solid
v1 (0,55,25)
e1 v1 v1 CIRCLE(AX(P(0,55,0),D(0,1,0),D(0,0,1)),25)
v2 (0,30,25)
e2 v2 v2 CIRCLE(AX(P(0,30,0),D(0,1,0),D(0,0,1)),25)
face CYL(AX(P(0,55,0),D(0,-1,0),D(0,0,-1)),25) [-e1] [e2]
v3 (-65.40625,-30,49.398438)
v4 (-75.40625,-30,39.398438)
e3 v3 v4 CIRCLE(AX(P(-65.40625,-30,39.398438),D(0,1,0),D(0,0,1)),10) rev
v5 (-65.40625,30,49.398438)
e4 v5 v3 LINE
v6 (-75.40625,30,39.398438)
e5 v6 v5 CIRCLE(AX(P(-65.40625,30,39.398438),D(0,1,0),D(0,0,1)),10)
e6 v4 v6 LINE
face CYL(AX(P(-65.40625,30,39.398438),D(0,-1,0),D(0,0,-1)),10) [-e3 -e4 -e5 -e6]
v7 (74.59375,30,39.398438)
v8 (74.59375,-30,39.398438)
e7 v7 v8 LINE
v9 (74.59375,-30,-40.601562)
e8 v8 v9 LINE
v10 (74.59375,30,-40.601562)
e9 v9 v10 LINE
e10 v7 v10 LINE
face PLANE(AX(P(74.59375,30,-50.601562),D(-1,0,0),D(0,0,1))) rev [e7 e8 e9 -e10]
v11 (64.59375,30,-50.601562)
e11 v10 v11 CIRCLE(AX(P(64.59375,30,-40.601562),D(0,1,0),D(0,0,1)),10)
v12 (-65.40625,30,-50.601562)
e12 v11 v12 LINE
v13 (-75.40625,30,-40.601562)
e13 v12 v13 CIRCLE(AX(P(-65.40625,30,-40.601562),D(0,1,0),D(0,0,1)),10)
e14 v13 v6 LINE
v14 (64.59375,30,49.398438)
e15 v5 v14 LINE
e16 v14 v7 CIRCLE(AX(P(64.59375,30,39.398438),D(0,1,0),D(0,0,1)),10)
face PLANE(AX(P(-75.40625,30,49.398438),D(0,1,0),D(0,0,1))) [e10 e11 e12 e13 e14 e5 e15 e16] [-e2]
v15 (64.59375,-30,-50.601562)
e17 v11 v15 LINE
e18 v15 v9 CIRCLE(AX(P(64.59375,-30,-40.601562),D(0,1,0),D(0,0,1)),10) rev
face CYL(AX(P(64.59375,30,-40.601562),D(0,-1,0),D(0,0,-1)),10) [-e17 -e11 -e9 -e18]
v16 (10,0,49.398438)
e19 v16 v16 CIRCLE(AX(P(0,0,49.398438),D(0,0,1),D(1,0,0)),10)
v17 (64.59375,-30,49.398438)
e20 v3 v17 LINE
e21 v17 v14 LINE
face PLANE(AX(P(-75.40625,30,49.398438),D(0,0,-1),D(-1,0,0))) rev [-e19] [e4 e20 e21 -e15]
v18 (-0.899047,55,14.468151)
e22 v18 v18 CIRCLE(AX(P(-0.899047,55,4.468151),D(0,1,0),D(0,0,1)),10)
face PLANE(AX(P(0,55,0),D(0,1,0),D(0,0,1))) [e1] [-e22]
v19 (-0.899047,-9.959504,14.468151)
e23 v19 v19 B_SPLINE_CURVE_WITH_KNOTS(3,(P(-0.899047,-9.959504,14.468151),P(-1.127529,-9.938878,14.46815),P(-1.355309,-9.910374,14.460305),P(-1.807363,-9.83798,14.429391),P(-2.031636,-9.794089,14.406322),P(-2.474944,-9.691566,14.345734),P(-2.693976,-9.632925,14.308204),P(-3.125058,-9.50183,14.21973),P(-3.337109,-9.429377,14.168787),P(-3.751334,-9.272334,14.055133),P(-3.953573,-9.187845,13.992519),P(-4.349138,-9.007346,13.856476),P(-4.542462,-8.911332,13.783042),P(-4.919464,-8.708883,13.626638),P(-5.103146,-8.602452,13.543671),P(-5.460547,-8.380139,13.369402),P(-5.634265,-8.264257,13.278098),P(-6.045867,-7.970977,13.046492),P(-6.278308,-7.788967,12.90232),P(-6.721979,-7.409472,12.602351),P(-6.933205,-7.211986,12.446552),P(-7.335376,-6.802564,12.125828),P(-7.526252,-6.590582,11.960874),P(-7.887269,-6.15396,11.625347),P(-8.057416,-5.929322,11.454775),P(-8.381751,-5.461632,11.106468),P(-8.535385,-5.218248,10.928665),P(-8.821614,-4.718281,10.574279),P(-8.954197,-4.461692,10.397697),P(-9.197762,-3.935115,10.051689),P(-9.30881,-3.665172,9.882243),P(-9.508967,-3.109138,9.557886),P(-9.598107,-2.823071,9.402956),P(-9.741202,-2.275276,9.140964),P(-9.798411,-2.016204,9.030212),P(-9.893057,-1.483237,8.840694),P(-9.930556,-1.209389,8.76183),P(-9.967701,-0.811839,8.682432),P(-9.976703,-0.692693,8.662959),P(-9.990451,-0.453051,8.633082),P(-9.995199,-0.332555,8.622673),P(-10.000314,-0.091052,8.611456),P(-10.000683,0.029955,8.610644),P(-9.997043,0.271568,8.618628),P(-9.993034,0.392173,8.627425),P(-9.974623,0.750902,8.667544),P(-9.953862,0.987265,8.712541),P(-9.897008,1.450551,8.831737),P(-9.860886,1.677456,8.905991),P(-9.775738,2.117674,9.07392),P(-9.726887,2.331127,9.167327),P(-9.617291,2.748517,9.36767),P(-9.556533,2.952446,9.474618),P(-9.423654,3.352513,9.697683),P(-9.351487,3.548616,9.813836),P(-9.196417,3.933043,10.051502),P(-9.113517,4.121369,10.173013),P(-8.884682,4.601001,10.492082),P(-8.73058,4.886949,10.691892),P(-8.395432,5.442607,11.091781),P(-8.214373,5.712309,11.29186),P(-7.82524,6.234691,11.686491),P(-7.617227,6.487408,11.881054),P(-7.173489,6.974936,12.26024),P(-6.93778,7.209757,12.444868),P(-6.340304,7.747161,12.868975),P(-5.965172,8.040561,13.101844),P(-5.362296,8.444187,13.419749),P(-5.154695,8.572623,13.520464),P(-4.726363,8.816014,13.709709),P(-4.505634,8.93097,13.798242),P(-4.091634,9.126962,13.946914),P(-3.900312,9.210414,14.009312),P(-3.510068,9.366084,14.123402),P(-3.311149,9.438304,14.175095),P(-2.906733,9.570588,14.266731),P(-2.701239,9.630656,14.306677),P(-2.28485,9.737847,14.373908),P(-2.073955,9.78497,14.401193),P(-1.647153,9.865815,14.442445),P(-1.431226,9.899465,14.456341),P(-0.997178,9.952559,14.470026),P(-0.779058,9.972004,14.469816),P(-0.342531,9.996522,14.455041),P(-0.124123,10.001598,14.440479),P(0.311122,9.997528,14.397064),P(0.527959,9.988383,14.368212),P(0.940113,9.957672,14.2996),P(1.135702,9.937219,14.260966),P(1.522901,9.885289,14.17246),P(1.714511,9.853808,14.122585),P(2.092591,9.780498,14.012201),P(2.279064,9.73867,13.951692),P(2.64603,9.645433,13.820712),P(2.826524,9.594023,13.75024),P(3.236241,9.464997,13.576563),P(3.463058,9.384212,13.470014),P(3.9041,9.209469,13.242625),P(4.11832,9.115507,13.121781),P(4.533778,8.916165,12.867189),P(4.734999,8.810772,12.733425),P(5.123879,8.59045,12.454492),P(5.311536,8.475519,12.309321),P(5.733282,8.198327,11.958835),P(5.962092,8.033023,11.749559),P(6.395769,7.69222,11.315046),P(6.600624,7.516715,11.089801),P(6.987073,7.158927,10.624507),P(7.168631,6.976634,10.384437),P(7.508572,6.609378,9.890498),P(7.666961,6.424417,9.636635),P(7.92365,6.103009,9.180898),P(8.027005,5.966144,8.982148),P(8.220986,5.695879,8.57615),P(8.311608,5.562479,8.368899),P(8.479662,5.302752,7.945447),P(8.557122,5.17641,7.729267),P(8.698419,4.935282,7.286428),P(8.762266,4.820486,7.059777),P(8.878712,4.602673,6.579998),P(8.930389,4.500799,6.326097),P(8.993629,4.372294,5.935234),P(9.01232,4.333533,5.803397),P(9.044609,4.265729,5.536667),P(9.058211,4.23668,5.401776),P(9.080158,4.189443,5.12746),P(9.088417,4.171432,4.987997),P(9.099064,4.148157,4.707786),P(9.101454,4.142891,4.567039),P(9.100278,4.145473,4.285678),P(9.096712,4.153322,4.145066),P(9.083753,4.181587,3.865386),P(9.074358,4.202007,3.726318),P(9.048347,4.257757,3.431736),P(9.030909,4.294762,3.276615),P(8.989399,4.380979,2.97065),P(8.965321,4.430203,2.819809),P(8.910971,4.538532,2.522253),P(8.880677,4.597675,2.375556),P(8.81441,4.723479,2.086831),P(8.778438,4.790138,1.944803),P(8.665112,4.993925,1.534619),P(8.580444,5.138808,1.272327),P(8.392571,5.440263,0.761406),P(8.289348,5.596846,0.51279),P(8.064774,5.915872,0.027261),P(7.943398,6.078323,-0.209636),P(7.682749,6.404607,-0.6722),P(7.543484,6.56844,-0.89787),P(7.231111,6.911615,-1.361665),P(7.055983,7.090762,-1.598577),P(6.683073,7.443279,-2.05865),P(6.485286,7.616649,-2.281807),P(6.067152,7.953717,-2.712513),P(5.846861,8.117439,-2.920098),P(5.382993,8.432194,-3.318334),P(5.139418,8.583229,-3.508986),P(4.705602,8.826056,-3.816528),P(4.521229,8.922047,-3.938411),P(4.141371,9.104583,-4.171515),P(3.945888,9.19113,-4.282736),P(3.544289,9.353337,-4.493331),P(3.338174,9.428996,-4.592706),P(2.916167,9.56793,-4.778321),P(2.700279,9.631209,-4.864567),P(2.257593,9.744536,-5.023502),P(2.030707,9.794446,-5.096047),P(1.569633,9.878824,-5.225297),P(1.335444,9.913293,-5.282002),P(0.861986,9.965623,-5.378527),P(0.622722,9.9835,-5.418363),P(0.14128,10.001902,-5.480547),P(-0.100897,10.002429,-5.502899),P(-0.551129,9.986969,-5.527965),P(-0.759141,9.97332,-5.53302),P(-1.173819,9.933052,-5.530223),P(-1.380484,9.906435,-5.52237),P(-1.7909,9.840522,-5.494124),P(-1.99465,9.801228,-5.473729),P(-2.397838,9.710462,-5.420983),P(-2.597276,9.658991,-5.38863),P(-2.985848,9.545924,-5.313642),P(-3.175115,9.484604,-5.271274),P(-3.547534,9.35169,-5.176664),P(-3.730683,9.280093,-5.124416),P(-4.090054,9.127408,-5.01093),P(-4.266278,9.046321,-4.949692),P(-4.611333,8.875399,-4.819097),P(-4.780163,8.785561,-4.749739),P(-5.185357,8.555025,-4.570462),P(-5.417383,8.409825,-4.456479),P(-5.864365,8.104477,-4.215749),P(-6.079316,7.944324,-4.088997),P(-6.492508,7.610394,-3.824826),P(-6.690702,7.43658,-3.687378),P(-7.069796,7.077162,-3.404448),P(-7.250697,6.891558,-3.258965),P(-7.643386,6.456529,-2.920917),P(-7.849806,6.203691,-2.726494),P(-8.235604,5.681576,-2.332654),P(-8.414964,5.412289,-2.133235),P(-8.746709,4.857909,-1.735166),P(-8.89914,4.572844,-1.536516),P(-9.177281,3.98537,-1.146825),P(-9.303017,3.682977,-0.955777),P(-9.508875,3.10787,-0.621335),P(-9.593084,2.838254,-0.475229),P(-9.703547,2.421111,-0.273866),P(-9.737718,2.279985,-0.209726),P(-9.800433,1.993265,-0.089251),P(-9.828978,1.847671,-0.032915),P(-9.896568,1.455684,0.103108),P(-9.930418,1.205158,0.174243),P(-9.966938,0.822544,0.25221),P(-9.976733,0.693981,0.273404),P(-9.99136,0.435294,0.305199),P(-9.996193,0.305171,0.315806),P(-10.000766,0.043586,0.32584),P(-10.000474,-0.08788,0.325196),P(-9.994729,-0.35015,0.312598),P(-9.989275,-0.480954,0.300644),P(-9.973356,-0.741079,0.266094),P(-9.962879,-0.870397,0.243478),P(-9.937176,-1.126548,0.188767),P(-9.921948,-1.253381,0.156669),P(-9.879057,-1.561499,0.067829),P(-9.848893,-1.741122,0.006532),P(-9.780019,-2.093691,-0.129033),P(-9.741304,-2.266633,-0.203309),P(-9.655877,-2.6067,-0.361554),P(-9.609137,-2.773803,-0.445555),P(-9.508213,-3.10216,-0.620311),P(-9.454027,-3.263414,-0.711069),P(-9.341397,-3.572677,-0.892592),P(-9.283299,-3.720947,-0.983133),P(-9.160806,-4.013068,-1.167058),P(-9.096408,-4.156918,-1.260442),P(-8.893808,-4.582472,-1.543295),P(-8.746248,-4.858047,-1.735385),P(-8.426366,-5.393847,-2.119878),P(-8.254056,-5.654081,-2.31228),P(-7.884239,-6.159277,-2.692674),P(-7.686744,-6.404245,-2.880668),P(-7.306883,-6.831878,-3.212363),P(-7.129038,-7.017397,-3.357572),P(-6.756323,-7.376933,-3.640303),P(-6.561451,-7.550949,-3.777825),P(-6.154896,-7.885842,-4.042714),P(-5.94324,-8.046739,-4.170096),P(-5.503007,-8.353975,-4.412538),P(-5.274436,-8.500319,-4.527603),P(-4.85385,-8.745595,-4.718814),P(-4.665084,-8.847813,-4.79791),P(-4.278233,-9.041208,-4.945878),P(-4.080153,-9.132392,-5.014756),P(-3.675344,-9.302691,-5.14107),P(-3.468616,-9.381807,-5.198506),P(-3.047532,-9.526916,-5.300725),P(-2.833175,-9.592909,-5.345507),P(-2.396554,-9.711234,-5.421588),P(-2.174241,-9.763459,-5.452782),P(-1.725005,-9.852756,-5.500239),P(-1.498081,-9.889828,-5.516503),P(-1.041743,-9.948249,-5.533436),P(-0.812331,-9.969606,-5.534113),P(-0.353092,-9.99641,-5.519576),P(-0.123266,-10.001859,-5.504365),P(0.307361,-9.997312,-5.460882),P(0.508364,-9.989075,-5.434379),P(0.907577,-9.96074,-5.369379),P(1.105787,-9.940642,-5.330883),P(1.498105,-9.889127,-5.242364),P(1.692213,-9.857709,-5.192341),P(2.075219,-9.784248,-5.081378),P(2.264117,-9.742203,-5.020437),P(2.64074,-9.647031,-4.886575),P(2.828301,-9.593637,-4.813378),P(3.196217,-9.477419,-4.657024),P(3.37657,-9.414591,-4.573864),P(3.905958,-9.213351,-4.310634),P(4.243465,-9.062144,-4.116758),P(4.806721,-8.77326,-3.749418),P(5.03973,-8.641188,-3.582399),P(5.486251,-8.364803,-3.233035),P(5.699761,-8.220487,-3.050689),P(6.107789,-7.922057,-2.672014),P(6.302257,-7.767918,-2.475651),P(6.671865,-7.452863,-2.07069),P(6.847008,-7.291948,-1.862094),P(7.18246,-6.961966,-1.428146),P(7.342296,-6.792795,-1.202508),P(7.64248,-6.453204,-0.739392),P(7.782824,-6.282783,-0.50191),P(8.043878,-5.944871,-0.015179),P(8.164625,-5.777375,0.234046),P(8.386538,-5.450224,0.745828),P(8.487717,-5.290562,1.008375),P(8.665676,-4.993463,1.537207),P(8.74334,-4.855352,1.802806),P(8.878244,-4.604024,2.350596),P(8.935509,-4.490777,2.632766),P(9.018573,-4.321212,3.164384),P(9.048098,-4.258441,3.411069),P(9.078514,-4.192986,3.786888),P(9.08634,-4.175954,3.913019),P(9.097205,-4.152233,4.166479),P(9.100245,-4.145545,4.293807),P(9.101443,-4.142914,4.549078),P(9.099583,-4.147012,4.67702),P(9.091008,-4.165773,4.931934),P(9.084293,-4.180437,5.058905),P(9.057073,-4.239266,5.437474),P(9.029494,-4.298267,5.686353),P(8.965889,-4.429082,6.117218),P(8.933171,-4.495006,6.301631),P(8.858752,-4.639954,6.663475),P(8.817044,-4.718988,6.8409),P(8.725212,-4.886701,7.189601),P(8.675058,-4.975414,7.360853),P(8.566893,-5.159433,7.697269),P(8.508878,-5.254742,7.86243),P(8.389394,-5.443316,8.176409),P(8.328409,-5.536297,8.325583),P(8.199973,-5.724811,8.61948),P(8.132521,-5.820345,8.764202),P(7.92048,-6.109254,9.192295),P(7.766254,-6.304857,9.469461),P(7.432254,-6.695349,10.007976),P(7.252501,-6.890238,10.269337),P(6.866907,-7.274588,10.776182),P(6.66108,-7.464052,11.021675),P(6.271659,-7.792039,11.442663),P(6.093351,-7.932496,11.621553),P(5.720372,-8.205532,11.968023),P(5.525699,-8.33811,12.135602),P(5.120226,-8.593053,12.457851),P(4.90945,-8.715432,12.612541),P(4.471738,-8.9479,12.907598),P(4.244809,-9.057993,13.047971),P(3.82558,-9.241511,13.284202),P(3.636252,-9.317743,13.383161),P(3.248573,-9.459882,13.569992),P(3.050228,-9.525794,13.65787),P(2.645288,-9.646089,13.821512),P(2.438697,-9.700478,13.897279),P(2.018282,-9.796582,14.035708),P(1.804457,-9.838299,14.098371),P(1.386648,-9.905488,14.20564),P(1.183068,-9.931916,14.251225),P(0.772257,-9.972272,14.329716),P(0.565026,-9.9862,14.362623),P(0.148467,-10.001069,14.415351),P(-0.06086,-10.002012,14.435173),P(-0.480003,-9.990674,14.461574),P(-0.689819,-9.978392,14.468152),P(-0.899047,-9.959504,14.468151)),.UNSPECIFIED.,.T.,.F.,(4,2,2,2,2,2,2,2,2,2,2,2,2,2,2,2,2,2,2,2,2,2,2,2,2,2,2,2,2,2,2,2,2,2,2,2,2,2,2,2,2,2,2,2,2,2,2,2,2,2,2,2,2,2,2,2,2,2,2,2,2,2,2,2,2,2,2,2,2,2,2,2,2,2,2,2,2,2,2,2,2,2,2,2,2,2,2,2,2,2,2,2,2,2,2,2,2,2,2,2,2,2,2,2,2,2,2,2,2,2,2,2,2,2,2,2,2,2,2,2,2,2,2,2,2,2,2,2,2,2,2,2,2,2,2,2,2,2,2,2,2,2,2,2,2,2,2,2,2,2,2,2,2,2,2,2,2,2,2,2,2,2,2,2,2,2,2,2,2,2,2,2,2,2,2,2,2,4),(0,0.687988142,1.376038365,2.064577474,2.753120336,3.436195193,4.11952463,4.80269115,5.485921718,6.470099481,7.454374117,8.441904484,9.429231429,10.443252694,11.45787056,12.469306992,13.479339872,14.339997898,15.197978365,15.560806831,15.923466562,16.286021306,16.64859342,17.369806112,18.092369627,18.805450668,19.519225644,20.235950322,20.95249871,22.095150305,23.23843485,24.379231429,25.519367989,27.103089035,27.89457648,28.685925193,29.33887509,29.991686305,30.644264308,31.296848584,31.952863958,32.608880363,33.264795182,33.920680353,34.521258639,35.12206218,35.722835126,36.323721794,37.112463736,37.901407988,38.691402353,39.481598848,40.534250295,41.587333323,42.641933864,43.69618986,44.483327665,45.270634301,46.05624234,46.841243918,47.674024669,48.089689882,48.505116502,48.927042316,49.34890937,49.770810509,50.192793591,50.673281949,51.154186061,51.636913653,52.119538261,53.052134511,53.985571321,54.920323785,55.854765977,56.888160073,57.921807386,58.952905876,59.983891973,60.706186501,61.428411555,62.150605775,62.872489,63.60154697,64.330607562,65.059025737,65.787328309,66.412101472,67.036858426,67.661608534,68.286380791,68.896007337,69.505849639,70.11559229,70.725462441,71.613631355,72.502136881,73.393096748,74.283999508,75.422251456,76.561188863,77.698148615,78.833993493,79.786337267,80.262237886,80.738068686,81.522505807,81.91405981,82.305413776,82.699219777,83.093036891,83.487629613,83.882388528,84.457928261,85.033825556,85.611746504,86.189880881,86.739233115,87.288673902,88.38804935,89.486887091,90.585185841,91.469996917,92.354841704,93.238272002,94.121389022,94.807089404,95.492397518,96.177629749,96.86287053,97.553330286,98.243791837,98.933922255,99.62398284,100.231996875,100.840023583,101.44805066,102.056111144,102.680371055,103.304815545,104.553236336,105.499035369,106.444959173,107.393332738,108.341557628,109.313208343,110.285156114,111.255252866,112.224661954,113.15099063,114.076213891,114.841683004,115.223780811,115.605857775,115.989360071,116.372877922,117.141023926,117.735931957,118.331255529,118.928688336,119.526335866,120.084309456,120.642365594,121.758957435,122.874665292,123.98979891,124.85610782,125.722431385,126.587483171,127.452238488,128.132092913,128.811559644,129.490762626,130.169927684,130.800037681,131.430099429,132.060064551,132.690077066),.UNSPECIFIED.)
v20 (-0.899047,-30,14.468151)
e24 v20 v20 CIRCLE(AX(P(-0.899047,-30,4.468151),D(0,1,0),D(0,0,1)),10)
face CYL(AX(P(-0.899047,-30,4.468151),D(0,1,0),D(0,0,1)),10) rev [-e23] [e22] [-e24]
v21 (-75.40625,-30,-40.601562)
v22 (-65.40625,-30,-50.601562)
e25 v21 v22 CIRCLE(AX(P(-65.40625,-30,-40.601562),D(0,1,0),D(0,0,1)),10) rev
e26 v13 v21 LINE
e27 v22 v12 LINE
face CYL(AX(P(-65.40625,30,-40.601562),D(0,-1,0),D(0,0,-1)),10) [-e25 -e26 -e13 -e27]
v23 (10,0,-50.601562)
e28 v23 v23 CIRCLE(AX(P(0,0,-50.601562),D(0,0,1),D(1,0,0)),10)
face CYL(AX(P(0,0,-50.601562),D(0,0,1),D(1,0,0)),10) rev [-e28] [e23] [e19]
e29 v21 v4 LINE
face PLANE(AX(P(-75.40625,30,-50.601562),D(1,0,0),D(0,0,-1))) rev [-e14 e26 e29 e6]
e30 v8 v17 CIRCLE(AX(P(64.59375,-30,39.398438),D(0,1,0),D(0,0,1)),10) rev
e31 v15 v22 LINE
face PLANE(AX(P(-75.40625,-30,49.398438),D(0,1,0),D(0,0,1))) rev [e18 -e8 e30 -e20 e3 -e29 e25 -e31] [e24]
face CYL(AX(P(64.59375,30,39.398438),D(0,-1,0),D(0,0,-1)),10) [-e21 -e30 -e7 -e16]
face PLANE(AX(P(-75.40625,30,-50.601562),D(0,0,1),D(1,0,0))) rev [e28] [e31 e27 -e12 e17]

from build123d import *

# Parameters (mm, degrees)
EXTRUDE_1_DEPTH      = 30
EXTRUDE_1_DEPTH_BACK = 30
SKETCH_1_W           = 150
SKETCH_1_H           = 100
FILLET_1_R           = 10
FILLET_2_R           = 10
SKETCH_2_R           = 25
EXTRUDE_2_DEPTH      = 25
SKETCH3_R            = 10
CUT_EXTRUDE1_DEPTH   = 137.788532191
SKETCH4_R            = 10
CUT_EXTRUDE2_DEPTH   = 125.384969617


with BuildPart() as part:
    # Эскиз1 → Вытянуть1 (new, two sides: drawn at the far end of the back side and taken through both)
    with BuildSketch(Plane(origin=(0, 0, 0), x_dir=(1, 0, 0), z_dir=(0, 1, 0)).offset(-EXTRUDE_1_DEPTH_BACK)):
        with Locations((-0.40625, 0.6015625)):
            Rectangle(SKETCH_1_W, SKETCH_1_H)
    extrude(amount=EXTRUDE_1_DEPTH + EXTRUDE_1_DEPTH_BACK)

    # Скругление1
    fillet_1_edges = [part.edges().sort_by_distance(p)[0] for p in [
        (-75.40625, 0, -50.6015625),
    ]]
    fillet(fillet_1_edges, radius=FILLET_1_R)

    # Скругление2
    fillet_2_edges = [part.edges().sort_by_distance(p)[0] for p in [
        (-75.40625, 0, 49.3984375),
        (74.59375, 0, 49.3984375),
        (74.59375, 0, -50.6015625),
    ]]
    fillet(fillet_2_edges, radius=FILLET_2_R)

    # Эскиз2 → Вытянуть2 (add)
    with BuildSketch(Plane(origin=(0, 30, 0), x_dir=(1, 0, 0), z_dir=(0, 1, 0))):
        Circle(SKETCH_2_R)
    extrude(amount=EXTRUDE_2_DEPTH)

    # Sketch3 → Cut-Extrude1 (cut, through all)
    with BuildSketch(Plane.XY.offset(49.3984375)):
        Circle(SKETCH3_R)
    extrude(amount=-CUT_EXTRUDE1_DEPTH, mode=Mode.SUBTRACT)

    # Sketch4 → Cut-Extrude2 (cut, through all)
    with BuildSketch(Plane(origin=(0, 55, 0), x_dir=(1, 0, 0), z_dir=(0, 1, 0))):
        with Locations((-0.899046965, -4.468150991)):
            Circle(SKETCH4_R)
    extrude(amount=-CUT_EXTRUDE2_DEPTH, mode=Mode.SUBTRACT)


solid = part.part
